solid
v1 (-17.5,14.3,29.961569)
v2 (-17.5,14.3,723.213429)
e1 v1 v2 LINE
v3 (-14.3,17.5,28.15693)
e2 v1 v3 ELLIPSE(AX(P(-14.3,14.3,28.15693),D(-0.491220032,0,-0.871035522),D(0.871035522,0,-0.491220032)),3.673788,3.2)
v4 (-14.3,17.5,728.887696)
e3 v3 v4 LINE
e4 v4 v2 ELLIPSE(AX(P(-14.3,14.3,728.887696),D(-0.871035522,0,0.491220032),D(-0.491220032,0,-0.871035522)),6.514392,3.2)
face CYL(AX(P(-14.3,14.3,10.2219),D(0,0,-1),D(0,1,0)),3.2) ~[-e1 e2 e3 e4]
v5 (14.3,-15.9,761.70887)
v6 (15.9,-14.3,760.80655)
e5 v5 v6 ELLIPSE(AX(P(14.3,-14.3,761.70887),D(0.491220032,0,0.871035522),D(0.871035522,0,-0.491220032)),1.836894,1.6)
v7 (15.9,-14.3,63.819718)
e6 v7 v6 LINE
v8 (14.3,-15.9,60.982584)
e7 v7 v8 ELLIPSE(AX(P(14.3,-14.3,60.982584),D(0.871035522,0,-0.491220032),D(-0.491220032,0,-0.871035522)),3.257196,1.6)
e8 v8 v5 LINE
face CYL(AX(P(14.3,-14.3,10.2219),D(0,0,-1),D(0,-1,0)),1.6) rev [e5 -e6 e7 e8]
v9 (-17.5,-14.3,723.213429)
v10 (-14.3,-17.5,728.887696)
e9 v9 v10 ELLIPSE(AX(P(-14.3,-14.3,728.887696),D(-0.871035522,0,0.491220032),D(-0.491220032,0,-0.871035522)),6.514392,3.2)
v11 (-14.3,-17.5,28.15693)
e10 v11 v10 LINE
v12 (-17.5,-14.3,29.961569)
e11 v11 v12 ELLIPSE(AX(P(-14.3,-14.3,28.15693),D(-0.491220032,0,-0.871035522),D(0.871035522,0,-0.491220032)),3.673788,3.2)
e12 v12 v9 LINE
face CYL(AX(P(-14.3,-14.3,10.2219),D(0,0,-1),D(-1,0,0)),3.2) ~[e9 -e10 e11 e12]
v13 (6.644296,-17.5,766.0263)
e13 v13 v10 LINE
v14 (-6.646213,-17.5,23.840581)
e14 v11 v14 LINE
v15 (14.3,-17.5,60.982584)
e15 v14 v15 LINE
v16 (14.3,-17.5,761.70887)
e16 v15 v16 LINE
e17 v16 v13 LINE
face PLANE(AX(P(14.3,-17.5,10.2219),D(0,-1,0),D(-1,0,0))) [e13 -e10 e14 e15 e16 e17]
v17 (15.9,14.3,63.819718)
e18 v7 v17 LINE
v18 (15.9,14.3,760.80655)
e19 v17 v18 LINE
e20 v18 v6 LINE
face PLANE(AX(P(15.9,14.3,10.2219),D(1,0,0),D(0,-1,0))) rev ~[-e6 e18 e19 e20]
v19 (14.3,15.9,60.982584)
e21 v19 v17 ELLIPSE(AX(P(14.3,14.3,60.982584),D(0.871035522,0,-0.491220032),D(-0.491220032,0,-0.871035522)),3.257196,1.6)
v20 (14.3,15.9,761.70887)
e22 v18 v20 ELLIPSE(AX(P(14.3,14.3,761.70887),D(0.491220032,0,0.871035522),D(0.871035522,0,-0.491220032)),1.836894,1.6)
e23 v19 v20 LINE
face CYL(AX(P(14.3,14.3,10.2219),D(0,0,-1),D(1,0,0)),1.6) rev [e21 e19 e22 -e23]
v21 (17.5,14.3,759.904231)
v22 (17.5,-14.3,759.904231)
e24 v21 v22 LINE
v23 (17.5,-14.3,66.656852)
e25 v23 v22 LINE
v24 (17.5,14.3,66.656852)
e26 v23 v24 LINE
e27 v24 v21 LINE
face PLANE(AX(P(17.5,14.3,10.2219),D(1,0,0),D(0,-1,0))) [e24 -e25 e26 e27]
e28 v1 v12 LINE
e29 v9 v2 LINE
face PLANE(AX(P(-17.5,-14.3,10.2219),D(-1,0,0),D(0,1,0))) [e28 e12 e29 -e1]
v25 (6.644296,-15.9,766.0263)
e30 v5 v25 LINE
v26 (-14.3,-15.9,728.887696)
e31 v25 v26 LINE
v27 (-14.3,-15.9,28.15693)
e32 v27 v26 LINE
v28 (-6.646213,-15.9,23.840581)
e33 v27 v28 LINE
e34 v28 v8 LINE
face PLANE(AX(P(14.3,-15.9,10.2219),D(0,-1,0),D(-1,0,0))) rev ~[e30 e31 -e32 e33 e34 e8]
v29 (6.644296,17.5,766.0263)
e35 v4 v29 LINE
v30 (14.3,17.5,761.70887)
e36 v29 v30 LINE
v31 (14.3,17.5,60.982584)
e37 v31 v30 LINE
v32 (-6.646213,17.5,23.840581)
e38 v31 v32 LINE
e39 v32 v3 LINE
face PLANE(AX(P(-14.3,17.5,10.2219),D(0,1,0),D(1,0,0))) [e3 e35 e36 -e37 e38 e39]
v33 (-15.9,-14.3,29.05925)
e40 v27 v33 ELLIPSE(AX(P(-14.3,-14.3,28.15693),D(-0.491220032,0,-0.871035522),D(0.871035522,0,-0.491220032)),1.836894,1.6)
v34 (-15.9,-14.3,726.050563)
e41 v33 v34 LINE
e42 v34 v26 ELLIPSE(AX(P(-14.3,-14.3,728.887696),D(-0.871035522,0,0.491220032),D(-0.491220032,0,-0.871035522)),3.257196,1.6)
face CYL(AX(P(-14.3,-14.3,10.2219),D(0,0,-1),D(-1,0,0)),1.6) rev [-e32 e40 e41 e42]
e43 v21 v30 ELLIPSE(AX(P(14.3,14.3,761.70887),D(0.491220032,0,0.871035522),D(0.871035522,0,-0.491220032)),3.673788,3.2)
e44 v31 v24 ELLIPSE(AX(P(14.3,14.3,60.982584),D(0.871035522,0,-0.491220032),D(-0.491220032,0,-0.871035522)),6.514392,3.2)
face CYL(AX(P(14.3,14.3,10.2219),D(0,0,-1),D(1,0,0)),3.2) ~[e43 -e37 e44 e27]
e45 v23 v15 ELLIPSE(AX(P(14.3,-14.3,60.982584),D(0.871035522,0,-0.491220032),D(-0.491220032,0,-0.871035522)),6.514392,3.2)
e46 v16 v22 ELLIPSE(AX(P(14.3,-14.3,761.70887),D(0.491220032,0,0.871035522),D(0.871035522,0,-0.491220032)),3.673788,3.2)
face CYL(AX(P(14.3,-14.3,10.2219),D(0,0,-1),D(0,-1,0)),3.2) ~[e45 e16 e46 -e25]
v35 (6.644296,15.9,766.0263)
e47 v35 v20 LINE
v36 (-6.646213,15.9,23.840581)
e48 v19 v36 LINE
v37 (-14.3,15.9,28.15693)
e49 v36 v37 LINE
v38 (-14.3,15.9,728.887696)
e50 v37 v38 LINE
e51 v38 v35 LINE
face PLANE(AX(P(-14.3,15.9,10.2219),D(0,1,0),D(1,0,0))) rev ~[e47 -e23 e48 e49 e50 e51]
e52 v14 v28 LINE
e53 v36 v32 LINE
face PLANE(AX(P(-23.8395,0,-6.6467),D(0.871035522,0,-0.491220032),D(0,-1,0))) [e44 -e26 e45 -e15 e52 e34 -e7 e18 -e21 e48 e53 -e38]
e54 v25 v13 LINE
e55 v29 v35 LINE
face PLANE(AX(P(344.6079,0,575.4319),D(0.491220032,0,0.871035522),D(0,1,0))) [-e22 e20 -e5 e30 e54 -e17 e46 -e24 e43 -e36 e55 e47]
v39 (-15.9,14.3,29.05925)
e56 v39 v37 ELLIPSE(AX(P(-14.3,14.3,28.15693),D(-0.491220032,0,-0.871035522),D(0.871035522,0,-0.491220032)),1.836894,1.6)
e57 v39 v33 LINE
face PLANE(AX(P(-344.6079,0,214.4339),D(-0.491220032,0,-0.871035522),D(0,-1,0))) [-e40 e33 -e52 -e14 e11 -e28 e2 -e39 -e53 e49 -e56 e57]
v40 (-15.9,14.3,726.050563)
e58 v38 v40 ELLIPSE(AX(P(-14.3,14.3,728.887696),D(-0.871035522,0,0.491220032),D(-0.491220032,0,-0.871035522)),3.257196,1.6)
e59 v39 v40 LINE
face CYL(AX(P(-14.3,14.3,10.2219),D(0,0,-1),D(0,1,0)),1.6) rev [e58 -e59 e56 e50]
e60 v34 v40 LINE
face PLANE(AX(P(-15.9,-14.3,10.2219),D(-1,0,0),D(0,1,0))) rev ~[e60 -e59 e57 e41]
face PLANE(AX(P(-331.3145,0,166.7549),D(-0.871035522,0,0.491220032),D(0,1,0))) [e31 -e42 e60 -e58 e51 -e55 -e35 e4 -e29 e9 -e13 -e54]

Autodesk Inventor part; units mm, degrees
ref_plane "Start plane" through (0, 0, 10.2219) normal (0, 0, 1) x (1, 0, 0)
ref_plane "End plane" through (0, 0, 785.2713) normal (0, 0, 1) x (1, 0, 0)
sketch "Sketch" plane through (0, 0, 0) normal (0, 0, 1) x (1, 0, 0)
  line L0 (-17.5, -14.3) -> (-17.5, 14.3)
  line L1 (-14.3, 17.5) -> (14.3, 17.5)
  line L2 (17.5, 14.3) -> (17.5, -14.3)
  line L3 (14.3, -17.5) -> (-14.3, -17.5)
  arc A0 (-17.5, -14.3) -> (-14.3, -17.5) centre (-14.3, -14.3) ccw
  arc A1 (-14.3, 17.5) -> (-17.5, 14.3) centre (-14.3, 14.3) ccw
  arc A2 (17.5, 14.3) -> (14.3, 17.5) centre (14.3, 14.3) ccw
  arc A3 (14.3, -17.5) -> (17.5, -14.3) centre (14.3, -14.3) ccw
  arc A4 (-14.3, 15.9) -> (-15.9, 14.3) centre (-14.3, 14.3) ccw
  line L4 (-14.3, 15.9) -> (14.3, 15.9)
  arc A5 (15.9, 14.3) -> (14.3, 15.9) centre (14.3, 14.3) ccw
  line L5 (15.9, 14.3) -> (15.9, -14.3)
  arc A6 (14.3, -15.9) -> (15.9, -14.3) centre (14.3, -14.3) ccw
  line L6 (14.3, -15.9) -> (-14.3, -15.9)
  arc A7 (-15.9, -14.3) -> (-14.3, -15.9) centre (-14.3, -14.3) ccw
  line L7 (-15.9, -14.3) -> (-15.9, 14.3)
  line L8 (0, 25.4278) -> (0, -25.4278) construction
  line L9 (-25.4278, 0) -> (25.4278, 0) construction
  dimension "d7" = 3.2
  dimension "d10" = 35
  dimension "d11" = 35
  dimension "d12" = 1.6
  dimension "d15" = 17.5
  dimension "d16" = 17.5
extrude "Body" add sketch "Sketch" along normal up to surface (775.0495 mm away) from surface at 10.2219
sketch "Sketch3" plane through (0, 0, 0) normal (0, 0, 1) x (1, 0, 0)
  line L0 (0, 0) -> (10, 0)
ref_plane "Work Plane3" through (0, 0, 0) normal (0, -1, 0) x (1, 0, 0)
sketch "Sketch4" plane through (0, 0, 0) normal (0, -1, 0) x (1, 0, 0)
  line L0 (-2, 10.2219) -> (12, 10.2219)
  line L1 (-2, 785.2713) -> (12, 785.2713)
  dimension "d18" = 775.0495
ref_plane "Work Plane4" through (344.6079, 0, 575.4319) normal (0.4912, 0, 0.871) x (0.871, 0, -0.4912)
split "Split1" plane through (344.6079, 0, 575.4319) removes the side toward (0.4912, 0, 0.871)
ref_plane "Work Plane5" through (-331.3145, 0, 166.7549) normal (-0.871, 0, 0.4912) x (0.4912, 0, 0.871)
split "Split2" plane through (-331.3145, 0, 166.7549) removes the side toward (-0.871, 0, 0.4912)
ref_plane "Work Plane6" through (-23.8395, 0, -6.6467) normal (0.871, 0, -0.4912) x (-0.4912, 0, -0.871)
split "Split3" plane through (-23.8395, 0, -6.6467) removes the side toward (0.871, 0, -0.4912)
ref_plane "Work Plane7" through (-344.6079, 0, 214.4339) normal (-0.4912, 0, -0.871) x (-0.871, 0, 0.4912)
split "Split4" plane through (-344.6079, 0, 214.4339) removes the side toward (-0.4912, 0, -0.871)
equation "\"d7\" = G_IR"
equation "\"d10\" = G_H"
equation "\"d11\" = G_W"
equation "\"d12\" = G_T"
equation "\"d15\" = 0.5 * d10"
equation "\"d16\" = 0.5 * d11"
equation "\"d3\" = G_L"
equation "\"G_W\" = 35"
equation "\"G_H\" = 35"
equation "\"G_T\" = 1.6"
equation "\"G_IR\" = 3.2"
equation "\"G_L\" = d18"
equation "\"G_OFFSET_START\" = -10.22188"
equation "\"G_OFFSET_END\" = -4.59446"
equation "\"d13\" = -G_OFFSET_START"
equation "\"d14\" = G_OFFSET_END + B_L"
equation "\"B_L\" = 789.86581"
properties part number "AS 1163 - C350L0 35x35x1.6 SHS - 775.049" material "Steel, Mild"
